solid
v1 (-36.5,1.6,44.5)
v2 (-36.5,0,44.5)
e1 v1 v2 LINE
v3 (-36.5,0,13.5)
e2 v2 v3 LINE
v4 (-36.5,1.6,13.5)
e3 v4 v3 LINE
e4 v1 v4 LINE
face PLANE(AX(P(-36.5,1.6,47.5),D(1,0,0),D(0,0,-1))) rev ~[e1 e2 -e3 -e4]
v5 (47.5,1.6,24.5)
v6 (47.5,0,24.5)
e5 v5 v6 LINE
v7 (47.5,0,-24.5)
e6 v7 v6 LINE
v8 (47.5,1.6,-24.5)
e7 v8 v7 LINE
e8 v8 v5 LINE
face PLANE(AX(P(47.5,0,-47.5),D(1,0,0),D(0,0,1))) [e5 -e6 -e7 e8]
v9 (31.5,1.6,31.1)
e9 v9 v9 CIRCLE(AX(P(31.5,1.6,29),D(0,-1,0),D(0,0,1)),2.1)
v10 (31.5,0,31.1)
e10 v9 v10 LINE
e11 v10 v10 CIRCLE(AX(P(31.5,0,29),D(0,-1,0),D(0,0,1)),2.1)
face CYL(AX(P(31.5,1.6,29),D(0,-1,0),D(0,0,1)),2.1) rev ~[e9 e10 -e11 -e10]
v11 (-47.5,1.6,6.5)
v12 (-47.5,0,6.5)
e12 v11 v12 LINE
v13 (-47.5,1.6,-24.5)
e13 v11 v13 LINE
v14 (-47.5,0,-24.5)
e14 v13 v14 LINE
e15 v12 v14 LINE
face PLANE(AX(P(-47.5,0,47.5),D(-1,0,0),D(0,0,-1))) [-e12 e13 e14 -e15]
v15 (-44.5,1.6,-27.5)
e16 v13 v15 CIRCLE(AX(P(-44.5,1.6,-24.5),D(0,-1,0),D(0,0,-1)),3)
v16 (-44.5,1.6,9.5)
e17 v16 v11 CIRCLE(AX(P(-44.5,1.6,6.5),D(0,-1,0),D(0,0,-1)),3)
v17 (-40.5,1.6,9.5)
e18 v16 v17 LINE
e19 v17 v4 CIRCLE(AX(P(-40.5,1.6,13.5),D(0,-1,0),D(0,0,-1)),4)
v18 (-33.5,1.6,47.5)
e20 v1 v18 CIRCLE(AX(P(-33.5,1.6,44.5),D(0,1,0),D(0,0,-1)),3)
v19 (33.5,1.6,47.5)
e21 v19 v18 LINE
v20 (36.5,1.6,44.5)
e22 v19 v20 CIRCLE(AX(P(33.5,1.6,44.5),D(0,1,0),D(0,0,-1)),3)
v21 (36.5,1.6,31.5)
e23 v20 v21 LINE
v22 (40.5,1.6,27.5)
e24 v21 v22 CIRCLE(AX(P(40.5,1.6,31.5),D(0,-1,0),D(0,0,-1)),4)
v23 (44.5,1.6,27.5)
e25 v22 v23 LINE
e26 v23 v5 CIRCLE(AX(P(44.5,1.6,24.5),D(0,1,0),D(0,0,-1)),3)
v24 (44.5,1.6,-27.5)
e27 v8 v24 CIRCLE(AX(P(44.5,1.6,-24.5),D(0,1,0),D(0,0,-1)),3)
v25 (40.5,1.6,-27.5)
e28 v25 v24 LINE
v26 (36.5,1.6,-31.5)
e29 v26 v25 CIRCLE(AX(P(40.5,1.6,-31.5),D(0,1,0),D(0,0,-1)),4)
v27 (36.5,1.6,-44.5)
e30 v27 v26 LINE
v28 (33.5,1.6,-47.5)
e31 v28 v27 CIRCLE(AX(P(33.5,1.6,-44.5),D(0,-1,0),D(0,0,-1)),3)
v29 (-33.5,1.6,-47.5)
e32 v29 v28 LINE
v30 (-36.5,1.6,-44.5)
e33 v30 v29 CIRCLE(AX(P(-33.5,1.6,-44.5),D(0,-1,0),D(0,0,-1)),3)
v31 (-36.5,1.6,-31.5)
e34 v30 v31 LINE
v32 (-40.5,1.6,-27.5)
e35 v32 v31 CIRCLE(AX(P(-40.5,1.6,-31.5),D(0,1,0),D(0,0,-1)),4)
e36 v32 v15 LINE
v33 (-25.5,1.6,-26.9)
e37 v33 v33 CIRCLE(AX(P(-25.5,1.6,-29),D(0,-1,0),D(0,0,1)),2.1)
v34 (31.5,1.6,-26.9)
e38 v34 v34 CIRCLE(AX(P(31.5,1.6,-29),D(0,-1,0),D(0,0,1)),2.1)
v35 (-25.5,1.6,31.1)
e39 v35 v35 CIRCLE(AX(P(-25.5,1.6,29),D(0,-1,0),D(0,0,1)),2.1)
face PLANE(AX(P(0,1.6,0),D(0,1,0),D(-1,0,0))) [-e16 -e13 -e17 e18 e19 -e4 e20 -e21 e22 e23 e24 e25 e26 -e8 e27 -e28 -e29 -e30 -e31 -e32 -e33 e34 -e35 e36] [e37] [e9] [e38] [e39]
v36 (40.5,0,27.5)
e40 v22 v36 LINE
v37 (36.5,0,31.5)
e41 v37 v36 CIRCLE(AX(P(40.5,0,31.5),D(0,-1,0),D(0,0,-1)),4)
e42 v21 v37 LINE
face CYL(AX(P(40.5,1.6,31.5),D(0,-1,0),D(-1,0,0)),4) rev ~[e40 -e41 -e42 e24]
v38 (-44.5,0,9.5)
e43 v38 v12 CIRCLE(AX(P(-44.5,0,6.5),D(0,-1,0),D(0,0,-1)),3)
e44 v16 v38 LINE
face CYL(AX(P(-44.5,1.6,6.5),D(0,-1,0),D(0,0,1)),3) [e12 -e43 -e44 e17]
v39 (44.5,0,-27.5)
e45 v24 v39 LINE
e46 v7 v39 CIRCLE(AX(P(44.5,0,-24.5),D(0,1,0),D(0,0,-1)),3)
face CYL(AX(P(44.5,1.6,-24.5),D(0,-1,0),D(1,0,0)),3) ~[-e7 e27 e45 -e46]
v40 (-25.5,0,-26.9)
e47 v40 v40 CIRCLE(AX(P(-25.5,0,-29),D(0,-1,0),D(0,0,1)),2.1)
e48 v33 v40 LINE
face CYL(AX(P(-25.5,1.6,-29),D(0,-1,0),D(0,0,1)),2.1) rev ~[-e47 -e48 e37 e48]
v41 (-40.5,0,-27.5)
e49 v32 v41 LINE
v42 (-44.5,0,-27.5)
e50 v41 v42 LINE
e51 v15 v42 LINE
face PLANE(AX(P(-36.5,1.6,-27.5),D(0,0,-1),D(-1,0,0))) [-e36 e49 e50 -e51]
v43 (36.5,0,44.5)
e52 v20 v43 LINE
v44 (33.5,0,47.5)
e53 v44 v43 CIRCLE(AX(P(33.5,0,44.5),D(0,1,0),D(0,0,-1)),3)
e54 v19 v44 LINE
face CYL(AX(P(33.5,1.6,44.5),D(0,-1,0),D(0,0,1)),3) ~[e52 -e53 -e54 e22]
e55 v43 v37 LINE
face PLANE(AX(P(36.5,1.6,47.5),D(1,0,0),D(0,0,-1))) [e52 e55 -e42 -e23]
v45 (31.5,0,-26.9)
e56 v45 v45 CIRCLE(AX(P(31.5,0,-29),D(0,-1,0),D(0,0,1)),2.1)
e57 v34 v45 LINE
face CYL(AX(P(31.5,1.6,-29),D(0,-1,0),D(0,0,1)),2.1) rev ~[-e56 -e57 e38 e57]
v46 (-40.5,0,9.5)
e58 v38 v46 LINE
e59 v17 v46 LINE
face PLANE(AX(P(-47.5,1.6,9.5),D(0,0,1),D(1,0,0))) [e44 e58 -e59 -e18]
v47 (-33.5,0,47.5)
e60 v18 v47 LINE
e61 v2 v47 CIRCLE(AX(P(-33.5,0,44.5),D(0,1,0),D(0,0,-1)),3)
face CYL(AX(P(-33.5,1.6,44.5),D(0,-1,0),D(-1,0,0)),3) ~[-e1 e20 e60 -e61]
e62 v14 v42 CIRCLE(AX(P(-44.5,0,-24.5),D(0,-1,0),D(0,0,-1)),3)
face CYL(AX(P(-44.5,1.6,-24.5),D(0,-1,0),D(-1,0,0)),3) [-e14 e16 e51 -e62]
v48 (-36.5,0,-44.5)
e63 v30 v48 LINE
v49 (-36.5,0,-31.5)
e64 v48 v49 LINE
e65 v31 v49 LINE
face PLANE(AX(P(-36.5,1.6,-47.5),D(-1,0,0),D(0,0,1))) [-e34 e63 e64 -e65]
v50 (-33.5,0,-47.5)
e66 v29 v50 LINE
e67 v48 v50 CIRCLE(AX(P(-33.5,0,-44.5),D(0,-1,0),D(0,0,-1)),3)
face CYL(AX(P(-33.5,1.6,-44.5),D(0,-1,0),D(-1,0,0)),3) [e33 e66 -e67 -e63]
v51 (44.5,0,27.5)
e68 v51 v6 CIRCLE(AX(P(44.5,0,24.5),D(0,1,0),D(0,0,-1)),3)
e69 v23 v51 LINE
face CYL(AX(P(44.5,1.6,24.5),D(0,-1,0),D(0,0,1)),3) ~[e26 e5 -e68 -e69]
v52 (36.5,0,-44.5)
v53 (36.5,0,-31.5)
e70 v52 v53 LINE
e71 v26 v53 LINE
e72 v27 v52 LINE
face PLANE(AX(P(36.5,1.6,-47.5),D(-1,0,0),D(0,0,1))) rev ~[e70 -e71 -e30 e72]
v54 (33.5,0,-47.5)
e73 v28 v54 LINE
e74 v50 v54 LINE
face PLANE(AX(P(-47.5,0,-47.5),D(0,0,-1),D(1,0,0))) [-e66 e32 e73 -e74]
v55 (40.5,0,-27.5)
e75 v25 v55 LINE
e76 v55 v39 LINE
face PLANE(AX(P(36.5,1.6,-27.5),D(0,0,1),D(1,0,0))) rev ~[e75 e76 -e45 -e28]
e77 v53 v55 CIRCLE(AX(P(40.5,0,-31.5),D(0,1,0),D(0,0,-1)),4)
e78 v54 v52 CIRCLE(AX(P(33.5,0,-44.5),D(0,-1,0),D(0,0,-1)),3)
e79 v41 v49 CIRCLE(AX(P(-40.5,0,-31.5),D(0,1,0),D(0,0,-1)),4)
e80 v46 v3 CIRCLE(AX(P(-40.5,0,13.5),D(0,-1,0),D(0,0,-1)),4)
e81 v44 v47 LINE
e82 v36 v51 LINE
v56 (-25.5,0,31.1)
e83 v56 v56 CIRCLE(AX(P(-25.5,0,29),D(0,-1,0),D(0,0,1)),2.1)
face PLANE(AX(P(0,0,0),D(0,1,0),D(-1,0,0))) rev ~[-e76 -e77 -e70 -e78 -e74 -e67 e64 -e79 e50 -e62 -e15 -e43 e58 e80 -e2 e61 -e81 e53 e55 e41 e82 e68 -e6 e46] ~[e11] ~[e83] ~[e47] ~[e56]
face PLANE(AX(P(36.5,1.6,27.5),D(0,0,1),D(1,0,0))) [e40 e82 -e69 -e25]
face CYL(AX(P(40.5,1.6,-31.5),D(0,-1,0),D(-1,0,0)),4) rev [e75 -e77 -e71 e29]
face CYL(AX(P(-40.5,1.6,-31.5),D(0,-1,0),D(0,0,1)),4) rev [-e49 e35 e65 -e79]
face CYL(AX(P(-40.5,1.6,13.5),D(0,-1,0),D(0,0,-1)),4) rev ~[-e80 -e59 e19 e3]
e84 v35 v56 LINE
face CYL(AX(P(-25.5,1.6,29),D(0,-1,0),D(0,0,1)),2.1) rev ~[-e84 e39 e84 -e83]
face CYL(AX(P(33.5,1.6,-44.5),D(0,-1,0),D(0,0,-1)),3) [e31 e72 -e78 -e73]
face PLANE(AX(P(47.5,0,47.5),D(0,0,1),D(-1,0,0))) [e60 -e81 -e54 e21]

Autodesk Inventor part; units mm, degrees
ref_plane "YZ Plane" through (0, 0, 0) normal (1, 0, 0) x (0, 1, 0)
ref_plane "XZ Plane" through (0, 0, 0) normal (0, 1, 0) x (-1, 0, 0)
ref_plane "XY Plane" through (0, 0, 0) normal (0, 0, 1) x (1, 0, 0)
sketch "Sketch1" plane through (0, 0, 0) normal (0, 1, 0) x (-1, 0, 0)
  line L0 (-47.5, 47.5) -> (47.5, 47.5)
  line L1 (47.5, 47.5) -> (47.5, -47.5)
  line L2 (47.5, -47.5) -> (-47.5, -47.5)
  line L3 (-47.5, -47.5) -> (-47.5, 47.5)
  line L4 (-47.5, 47.5) -> (47.5, -47.5) construction
  line L5 (47.5, 47.5) -> (-47.5, -47.5) construction
  point P0 (0, 0)
  dimension "d0" = 95
  dimension "d1" = 95
extrude "Extrusion1" add sketch "Sketch1" along normal blind 1.6
sketch "Sketch4" plane through (0, 1.6, 0) normal (0, 1, 0) x (1, 0, 0)
  line L0 (-47.5, 47.5) -> (-47.5, -47.5) projected
  line L1 (-47.5, -47.5) -> (-36.5, -47.5)
  line L2 (-36.5, -47.5) -> (-36.5, -27.5)
  line L3 (-36.5, -27.5) -> (-47.5, -27.5)
  line L4 (-47.5, -27.5) -> (-47.5, -47.5)
  line L5 (-47.5, -47.5) -> (47.5, -47.5) projected
  line L6 (47.5, -47.5) -> (36.5, -47.5)
  line L7 (36.5, -47.5) -> (36.5, -27.5)
  line L8 (36.5, -27.5) -> (47.5, -27.5)
  line L9 (47.5, -27.5) -> (47.5, -47.5)
  line L10 (-47.5, 47.5) -> (-36.5, 47.5)
  line L11 (-36.5, 47.5) -> (-36.5, 27.5)
  line L12 (-36.5, 27.5) -> (-47.5, 27.5)
  line L13 (-47.5, 27.5) -> (-47.5, 47.5)
  line L14 (47.5, 47.5) -> (-47.5, 47.5) projected
  line L15 (47.5, 47.5) -> (36.5, 47.5)
  line L16 (36.5, 47.5) -> (36.5, 27.5)
  line L17 (36.5, 27.5) -> (47.5, 27.5)
  line L18 (47.5, 27.5) -> (47.5, 47.5)
  point P0 (0, 0)
  point P1 (-47.5, -27.5)
  point P2 (-47.5, 27.5)
  dimension "d18" = 11
  dimension "d19" = 20
  dimension "d21" = 20
  dimension "d22" = 11
  dimension "d23" = 11
  dimension "d24" = 20
  dimension "d25" = 11
  dimension "d26" = 20
extrude "Extrusion2" cut sketch "Sketch4" against normal blind 1.6
fillet "Fillet1" radius 4 4 edges at (36.5, 0.8, -27.5) (36.5, 0.8, 27.5) (-36.5, 0.8, 27.5) (-36.5, 0.8, -27.5)
fillet "Fillet2" radius 3 8 edges at (36.5, 0.8, 47.5) (-36.5, 0.8, 47.5) (-36.5, 0.8, -47.5) (36.5, 0.8, -47.5) (-47.5, 0.8, -27.5) (47.5, 0.8, -27.5) (47.5, 0.8, 27.5) (-47.5, 0.8, 27.5)
sketch "Sketch6" plane through (0, 1.6, 0) normal (0, 1, 0) x (1, 0, 0)
  line L0 (31.5, 29) -> (-25.5, 29) construction
  line L1 (-25.5, 29) -> (-25.5, -29) construction
  line L2 (-25.5, -29) -> (31.5, -29) construction
  line L3 (31.5, -29) -> (31.5, 29) construction
  line L4 (31.5, 29) -> (-25.5, -29) construction
  line L5 (-25.5, 29) -> (31.5, -29) construction
  line L6 (-66.5, 0) -> (66.5, 0) construction
  line L7 (0, 66.5) -> (0, -66.5) construction
  point P0 (3, 0)
  dimension "d31" = 57
  dimension "d32" = 58
  dimension "d41" = 3
hole "Hole2" at (-25.5, 1.6, 29) at (-25.5, 1.6, -29) at (31.5, 1.6, -29) at (31.5, 1.6, 29) direction (0, -1, 0) diameter 4.2 end through all
sketch "Sketch7" plane through (0, 1.6, 0) normal (0, 1, 0) x (1, 0, 0)
  line L0 (-47.5, 24.5) -> (-47.5, -24.5) projected
  line L1 (-36.5, -31.5) -> (-47.5, -31.5)
  line L2 (-47.5, -31.5) -> (-47.5, -9.5)
  line L3 (-47.5, -9.5) -> (-36.5, -9.5)
  line L4 (-36.5, -9.5) -> (-36.5, -31.5)
  point P0 (0, 0)
  dimension "d45" = 22
extrude "Extrusion3" cut sketch "Sketch7" against normal blind 10
fillet "Fillet3" radius 3 1 edges at (-47.5, 0.8, 9.5)
fillet "Fillet4" radius 4 1 edges at (-36.5, 0.8, 9.5)
equation "\"d19\" = d21"
equation "\"d22\" = d18"
equation "\"d23\" = d18"
equation "\"d24\" = d19"
equation "\"d25\" = d18"
equation "\"d26\" = d21"
properties part number "pcbIO"
